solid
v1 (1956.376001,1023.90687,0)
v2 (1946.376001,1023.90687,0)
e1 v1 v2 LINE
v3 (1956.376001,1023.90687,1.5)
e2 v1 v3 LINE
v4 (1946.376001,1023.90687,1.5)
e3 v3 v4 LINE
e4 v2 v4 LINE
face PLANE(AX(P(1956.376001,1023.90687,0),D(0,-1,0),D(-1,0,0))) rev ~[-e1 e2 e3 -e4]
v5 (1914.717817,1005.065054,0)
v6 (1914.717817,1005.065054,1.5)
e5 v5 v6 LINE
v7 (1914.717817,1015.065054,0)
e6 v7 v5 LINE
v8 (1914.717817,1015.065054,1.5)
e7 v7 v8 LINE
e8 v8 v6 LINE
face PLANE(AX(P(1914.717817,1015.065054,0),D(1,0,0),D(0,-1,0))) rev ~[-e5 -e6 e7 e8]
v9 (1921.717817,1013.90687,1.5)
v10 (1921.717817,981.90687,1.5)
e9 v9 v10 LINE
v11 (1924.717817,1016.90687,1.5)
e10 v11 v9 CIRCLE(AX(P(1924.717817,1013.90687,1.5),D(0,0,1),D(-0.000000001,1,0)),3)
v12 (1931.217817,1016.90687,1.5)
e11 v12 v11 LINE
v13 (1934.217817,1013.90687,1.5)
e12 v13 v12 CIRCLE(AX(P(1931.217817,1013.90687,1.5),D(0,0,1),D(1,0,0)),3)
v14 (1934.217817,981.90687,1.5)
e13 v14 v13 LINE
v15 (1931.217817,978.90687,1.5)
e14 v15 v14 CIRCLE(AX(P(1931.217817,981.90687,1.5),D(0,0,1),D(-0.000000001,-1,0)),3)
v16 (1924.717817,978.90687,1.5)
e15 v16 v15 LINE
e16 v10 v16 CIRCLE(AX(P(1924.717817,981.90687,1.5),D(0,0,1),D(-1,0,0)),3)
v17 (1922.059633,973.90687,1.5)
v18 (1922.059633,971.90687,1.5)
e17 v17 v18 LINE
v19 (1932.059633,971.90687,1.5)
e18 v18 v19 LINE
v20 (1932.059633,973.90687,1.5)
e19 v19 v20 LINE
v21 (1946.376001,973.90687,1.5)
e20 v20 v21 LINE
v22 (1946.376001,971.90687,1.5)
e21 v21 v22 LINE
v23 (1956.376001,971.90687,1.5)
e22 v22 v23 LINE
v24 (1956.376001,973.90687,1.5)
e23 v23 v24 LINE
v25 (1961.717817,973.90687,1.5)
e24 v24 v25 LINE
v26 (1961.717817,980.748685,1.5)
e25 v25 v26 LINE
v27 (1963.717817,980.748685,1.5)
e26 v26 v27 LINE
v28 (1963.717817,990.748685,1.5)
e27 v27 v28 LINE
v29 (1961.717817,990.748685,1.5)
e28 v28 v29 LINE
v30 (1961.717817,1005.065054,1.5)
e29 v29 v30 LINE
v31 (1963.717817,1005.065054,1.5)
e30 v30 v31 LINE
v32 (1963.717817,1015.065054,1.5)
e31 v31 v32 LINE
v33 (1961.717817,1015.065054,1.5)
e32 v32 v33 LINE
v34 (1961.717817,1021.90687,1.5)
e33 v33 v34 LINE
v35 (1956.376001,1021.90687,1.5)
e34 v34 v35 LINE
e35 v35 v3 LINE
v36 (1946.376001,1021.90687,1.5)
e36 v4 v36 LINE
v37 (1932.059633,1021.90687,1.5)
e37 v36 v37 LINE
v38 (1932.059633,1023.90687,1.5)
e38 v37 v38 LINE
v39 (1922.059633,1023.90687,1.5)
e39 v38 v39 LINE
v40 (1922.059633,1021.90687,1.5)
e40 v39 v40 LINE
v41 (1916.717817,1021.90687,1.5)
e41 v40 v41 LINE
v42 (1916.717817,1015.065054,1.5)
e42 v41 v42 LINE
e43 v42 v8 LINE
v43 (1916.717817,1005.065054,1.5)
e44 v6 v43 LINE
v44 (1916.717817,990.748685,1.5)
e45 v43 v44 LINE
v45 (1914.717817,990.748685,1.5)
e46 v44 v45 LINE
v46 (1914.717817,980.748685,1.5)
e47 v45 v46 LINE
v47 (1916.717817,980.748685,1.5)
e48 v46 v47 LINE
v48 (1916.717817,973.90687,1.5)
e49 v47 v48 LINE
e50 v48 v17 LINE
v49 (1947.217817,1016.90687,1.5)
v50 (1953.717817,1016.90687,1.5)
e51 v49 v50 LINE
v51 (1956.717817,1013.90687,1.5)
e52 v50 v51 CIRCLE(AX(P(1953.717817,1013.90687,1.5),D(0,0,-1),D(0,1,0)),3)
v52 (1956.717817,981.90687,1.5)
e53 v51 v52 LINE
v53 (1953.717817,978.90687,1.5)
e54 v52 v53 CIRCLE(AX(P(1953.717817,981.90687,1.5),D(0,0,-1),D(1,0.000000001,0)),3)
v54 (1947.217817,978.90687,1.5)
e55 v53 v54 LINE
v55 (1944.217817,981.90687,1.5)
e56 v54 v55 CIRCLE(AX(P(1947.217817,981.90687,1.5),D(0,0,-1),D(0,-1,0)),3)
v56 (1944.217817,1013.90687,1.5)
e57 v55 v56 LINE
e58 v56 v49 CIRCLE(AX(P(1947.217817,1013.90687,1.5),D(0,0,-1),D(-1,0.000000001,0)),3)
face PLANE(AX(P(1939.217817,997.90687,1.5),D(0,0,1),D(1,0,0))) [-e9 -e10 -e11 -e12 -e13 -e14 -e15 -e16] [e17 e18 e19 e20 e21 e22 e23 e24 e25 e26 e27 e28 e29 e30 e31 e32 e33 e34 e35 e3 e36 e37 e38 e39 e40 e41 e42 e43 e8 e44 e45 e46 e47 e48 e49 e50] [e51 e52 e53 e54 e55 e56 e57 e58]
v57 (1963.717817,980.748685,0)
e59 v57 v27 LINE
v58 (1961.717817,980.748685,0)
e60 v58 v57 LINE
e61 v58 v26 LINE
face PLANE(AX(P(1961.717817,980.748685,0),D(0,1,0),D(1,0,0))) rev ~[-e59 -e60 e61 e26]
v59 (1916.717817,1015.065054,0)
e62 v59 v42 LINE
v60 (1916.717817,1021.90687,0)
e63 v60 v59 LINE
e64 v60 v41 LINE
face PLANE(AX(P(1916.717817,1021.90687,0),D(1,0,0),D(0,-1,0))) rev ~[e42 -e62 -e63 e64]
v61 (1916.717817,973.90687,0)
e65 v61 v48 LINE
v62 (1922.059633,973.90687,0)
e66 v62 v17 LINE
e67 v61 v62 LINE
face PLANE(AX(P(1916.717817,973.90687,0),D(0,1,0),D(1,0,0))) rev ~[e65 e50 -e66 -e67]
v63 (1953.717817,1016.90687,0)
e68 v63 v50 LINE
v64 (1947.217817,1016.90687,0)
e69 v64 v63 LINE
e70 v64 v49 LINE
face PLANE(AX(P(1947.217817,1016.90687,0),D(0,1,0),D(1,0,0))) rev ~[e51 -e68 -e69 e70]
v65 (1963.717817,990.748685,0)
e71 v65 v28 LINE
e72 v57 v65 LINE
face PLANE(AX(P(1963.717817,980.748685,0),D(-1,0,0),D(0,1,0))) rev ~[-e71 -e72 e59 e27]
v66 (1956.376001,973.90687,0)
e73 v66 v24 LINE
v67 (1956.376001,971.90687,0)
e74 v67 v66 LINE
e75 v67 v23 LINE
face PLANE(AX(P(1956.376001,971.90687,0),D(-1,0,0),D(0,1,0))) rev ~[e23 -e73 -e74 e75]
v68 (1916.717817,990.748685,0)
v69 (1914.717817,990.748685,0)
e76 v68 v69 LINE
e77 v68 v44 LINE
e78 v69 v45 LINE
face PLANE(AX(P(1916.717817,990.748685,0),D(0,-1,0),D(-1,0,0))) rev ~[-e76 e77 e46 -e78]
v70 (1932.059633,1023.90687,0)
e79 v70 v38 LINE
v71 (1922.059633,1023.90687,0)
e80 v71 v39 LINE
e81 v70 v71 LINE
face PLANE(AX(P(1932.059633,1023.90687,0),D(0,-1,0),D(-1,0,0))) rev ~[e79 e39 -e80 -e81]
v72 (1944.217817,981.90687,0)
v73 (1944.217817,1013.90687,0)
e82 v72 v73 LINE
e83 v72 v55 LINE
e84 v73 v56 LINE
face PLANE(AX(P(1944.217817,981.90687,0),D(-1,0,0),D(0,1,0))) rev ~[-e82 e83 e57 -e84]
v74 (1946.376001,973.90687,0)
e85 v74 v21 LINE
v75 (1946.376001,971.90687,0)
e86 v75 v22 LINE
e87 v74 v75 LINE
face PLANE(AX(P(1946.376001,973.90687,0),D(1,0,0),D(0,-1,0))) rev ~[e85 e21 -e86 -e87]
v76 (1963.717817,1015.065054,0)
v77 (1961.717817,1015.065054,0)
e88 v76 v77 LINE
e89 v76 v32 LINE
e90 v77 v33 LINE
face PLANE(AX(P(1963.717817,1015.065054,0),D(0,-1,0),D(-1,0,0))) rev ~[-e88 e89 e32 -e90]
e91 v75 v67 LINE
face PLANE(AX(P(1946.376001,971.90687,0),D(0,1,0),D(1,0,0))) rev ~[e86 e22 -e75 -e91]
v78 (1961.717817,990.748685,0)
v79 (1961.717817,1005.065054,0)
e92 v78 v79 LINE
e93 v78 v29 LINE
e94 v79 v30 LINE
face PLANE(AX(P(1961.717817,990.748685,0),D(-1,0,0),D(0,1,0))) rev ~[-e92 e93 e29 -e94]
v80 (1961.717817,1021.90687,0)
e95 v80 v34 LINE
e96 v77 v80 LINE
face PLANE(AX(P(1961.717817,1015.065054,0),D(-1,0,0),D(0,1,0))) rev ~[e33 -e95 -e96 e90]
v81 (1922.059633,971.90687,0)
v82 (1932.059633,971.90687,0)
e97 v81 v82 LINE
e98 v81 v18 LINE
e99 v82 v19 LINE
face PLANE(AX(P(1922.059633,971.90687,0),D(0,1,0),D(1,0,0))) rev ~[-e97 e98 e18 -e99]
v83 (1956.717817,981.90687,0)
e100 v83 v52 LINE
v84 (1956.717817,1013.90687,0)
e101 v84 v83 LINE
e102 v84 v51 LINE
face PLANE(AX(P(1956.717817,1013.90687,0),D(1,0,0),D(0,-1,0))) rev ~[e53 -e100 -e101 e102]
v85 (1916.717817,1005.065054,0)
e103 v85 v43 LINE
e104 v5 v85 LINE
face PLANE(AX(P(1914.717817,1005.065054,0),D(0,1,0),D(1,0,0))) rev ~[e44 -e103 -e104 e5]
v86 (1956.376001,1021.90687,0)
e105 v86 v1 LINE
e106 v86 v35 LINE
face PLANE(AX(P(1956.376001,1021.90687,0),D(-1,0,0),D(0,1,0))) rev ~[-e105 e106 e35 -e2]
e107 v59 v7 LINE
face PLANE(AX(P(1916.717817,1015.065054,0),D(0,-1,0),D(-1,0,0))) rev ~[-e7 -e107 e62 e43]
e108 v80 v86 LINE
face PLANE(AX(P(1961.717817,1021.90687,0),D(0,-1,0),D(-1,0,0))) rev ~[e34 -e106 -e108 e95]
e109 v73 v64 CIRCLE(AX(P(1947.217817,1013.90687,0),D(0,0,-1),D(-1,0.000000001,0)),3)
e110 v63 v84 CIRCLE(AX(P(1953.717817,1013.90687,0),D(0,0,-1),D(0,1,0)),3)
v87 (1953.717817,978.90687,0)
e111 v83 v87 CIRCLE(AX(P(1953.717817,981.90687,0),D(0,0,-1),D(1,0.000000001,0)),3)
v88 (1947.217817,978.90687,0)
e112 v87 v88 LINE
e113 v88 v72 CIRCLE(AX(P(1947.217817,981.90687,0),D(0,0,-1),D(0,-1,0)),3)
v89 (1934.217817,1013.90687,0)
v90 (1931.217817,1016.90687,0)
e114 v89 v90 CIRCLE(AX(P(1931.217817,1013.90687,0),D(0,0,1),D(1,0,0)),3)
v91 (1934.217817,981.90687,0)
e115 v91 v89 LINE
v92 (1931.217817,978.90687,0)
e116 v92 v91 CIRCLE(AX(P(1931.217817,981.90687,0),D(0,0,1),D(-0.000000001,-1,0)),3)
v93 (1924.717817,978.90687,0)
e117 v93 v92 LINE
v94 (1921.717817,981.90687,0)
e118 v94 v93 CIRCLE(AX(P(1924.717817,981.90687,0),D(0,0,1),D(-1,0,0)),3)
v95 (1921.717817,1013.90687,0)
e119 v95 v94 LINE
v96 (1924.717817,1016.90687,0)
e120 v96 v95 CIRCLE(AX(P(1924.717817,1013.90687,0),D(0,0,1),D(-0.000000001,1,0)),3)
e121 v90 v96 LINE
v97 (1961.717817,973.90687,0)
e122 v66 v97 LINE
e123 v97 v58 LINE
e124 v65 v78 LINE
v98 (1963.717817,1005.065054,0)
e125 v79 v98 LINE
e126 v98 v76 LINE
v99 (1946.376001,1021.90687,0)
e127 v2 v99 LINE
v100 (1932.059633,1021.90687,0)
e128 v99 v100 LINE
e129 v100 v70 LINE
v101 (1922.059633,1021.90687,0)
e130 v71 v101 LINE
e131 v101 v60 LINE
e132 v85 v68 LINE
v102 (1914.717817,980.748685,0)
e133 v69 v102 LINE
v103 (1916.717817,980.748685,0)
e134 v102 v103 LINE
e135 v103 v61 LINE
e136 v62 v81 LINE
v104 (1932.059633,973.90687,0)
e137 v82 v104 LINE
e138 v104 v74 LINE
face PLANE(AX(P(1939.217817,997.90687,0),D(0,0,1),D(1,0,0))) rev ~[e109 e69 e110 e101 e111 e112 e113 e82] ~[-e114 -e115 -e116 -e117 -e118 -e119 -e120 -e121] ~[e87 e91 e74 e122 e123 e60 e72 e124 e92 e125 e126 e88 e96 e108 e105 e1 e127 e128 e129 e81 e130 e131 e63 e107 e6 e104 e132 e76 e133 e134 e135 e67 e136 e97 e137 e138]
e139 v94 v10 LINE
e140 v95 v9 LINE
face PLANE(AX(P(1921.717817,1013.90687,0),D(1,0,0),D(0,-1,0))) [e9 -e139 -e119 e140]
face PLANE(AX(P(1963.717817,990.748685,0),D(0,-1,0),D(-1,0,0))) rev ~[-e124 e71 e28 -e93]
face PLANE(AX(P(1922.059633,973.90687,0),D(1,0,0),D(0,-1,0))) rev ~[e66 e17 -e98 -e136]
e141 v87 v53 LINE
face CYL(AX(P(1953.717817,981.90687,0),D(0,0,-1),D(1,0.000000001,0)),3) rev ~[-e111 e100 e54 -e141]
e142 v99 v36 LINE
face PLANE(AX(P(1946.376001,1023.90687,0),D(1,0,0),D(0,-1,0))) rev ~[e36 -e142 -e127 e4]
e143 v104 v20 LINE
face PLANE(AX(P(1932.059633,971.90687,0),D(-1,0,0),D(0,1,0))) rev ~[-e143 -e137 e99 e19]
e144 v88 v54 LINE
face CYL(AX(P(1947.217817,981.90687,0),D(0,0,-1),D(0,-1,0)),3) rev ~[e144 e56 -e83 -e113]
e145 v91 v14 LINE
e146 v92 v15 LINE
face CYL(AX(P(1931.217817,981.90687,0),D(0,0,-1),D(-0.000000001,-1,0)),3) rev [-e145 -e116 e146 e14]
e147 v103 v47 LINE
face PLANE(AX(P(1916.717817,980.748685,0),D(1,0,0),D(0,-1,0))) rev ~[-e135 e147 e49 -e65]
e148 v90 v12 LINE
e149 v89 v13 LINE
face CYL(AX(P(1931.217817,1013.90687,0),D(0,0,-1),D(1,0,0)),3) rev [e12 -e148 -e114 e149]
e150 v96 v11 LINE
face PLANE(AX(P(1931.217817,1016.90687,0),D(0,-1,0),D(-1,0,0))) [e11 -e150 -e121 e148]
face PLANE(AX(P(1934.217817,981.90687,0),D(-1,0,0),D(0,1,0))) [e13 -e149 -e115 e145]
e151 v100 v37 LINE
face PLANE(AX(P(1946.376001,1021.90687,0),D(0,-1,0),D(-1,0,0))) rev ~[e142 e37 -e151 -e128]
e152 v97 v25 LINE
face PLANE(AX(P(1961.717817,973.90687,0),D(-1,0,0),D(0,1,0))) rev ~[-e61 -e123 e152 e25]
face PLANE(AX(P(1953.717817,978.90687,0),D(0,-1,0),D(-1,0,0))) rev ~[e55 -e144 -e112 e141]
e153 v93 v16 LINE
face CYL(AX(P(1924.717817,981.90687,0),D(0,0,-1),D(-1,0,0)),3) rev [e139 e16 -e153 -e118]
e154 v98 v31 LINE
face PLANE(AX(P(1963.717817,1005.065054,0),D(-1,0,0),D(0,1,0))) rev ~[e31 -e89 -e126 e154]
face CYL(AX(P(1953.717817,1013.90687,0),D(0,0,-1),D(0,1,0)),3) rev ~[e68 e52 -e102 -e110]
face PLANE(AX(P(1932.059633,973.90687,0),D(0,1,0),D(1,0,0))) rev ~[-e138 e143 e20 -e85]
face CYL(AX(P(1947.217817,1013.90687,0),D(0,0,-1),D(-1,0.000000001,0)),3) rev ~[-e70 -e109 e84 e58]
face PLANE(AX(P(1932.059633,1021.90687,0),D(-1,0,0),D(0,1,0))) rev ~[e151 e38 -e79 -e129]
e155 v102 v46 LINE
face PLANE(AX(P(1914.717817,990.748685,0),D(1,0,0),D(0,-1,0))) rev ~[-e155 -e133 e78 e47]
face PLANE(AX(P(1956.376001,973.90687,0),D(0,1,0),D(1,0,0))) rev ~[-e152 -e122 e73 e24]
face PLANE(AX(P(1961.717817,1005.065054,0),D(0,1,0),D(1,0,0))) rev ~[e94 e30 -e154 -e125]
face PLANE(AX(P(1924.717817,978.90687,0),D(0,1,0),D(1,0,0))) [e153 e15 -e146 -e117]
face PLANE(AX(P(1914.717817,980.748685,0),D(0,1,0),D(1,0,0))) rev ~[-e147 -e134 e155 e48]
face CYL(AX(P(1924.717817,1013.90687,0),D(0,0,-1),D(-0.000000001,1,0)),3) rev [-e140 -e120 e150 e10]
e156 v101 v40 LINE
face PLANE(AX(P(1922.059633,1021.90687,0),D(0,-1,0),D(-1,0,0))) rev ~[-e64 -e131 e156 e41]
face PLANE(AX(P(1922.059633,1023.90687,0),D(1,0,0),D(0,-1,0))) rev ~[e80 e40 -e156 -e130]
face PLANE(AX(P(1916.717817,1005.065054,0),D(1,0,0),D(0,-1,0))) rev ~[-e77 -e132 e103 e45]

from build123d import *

# Parameters (mm, degrees)
EXTRUDE_1_DEPTH = 1.5


with BuildPart() as part:
    # 草图1 → 凸台-拉伸1 (new body)
    with BuildSketch(Plane.XY):
        Polygon((1932.059632511, 1023.906869704), (1922.059632511, 1023.906869704), (1922.059632511, 1021.906869704), (1916.717816775, 1021.906869704), (1916.717816775, 1015.065053968), (1914.717816775, 1015.065053968), (1914.717816775, 1005.065053968), (1916.717816775, 1005.065053968), (1916.717816775, 990.748685439), (1914.717816775, 990.748685439), (1914.717816775, 980.748685439), (1916.717816775, 980.748685439), (1916.717816775, 973.906869704), (1922.059632511, 973.906869704), (1922.059632511, 971.906869704), (1932.059632511, 971.906869704), (1932.059632511, 973.906869704), (1946.376001039, 973.906869704), (1946.376001039, 971.906869704), (1956.376001039, 971.906869704), (1956.376001039, 973.906869704), (1961.717816775, 973.906869704), (1961.717816775, 980.748685439), (1963.717816775, 980.748685439), (1963.717816775, 990.748685439), (1961.717816775, 990.748685439), (1961.717816775, 1005.065053968), (1963.717816775, 1005.065053968), (1963.717816775, 1015.065053968), (1961.717816775, 1015.065053968), (1961.717816775, 1021.906869704), (1956.376001039, 1021.906869704), (1956.376001039, 1023.906869704), (1946.376001039, 1023.906869704), (1946.376001039, 1021.906869704), (1932.059632511, 1021.906869704), align=None)
        with BuildLine():
            Line((1921.717816775, 1013.906869704), (1921.717816775, 981.906869704))
            ThreePointArc((1921.717816775, 981.906869704), (1922.596496432, 979.78554936), (1924.717816775, 978.906869704))
            Line((1924.717816775, 978.906869704), (1931.217816775, 978.906869704))
            ThreePointArc((1931.217816775, 978.906869704), (1933.339137119, 979.78554936), (1934.217816775, 981.906869704))
            Line((1934.217816775, 981.906869704), (1934.217816775, 1013.906869704))
            ThreePointArc((1934.217816775, 1013.906869704), (1933.339137119, 1016.028190047), (1931.217816775, 1016.906869704))
            Line((1931.217816775, 1016.906869704), (1924.717816775, 1016.906869704))
            ThreePointArc((1924.717816775, 1016.906869704), (1922.596496432, 1016.028190047), (1921.717816775, 1013.906869704))
        make_face(mode=Mode.SUBTRACT)
        with BuildLine():
            Line((1956.717816775, 1013.906869704), (1956.717816775, 981.906869704))
            ThreePointArc((1956.717816775, 981.906869704), (1955.839137119, 979.78554936), (1953.717816775, 978.906869704))
            Line((1953.717816775, 978.906869704), (1947.217816775, 978.906869704))
            ThreePointArc((1947.217816775, 978.906869704), (1945.096496432, 979.78554936), (1944.217816775, 981.906869704))
            Line((1944.217816775, 981.906869704), (1944.217816775, 1013.906869704))
            ThreePointArc((1944.217816775, 1013.906869704), (1945.096496432, 1016.028190047), (1947.217816775, 1016.906869704))
            Line((1947.217816775, 1016.906869704), (1953.717816775, 1016.906869704))
            ThreePointArc((1953.717816775, 1016.906869704), (1955.839137119, 1016.028190047), (1956.717816775, 1013.906869704))
        make_face(mode=Mode.SUBTRACT)
    extrude(amount=EXTRUDE_1_DEPTH)


solid = part.part
